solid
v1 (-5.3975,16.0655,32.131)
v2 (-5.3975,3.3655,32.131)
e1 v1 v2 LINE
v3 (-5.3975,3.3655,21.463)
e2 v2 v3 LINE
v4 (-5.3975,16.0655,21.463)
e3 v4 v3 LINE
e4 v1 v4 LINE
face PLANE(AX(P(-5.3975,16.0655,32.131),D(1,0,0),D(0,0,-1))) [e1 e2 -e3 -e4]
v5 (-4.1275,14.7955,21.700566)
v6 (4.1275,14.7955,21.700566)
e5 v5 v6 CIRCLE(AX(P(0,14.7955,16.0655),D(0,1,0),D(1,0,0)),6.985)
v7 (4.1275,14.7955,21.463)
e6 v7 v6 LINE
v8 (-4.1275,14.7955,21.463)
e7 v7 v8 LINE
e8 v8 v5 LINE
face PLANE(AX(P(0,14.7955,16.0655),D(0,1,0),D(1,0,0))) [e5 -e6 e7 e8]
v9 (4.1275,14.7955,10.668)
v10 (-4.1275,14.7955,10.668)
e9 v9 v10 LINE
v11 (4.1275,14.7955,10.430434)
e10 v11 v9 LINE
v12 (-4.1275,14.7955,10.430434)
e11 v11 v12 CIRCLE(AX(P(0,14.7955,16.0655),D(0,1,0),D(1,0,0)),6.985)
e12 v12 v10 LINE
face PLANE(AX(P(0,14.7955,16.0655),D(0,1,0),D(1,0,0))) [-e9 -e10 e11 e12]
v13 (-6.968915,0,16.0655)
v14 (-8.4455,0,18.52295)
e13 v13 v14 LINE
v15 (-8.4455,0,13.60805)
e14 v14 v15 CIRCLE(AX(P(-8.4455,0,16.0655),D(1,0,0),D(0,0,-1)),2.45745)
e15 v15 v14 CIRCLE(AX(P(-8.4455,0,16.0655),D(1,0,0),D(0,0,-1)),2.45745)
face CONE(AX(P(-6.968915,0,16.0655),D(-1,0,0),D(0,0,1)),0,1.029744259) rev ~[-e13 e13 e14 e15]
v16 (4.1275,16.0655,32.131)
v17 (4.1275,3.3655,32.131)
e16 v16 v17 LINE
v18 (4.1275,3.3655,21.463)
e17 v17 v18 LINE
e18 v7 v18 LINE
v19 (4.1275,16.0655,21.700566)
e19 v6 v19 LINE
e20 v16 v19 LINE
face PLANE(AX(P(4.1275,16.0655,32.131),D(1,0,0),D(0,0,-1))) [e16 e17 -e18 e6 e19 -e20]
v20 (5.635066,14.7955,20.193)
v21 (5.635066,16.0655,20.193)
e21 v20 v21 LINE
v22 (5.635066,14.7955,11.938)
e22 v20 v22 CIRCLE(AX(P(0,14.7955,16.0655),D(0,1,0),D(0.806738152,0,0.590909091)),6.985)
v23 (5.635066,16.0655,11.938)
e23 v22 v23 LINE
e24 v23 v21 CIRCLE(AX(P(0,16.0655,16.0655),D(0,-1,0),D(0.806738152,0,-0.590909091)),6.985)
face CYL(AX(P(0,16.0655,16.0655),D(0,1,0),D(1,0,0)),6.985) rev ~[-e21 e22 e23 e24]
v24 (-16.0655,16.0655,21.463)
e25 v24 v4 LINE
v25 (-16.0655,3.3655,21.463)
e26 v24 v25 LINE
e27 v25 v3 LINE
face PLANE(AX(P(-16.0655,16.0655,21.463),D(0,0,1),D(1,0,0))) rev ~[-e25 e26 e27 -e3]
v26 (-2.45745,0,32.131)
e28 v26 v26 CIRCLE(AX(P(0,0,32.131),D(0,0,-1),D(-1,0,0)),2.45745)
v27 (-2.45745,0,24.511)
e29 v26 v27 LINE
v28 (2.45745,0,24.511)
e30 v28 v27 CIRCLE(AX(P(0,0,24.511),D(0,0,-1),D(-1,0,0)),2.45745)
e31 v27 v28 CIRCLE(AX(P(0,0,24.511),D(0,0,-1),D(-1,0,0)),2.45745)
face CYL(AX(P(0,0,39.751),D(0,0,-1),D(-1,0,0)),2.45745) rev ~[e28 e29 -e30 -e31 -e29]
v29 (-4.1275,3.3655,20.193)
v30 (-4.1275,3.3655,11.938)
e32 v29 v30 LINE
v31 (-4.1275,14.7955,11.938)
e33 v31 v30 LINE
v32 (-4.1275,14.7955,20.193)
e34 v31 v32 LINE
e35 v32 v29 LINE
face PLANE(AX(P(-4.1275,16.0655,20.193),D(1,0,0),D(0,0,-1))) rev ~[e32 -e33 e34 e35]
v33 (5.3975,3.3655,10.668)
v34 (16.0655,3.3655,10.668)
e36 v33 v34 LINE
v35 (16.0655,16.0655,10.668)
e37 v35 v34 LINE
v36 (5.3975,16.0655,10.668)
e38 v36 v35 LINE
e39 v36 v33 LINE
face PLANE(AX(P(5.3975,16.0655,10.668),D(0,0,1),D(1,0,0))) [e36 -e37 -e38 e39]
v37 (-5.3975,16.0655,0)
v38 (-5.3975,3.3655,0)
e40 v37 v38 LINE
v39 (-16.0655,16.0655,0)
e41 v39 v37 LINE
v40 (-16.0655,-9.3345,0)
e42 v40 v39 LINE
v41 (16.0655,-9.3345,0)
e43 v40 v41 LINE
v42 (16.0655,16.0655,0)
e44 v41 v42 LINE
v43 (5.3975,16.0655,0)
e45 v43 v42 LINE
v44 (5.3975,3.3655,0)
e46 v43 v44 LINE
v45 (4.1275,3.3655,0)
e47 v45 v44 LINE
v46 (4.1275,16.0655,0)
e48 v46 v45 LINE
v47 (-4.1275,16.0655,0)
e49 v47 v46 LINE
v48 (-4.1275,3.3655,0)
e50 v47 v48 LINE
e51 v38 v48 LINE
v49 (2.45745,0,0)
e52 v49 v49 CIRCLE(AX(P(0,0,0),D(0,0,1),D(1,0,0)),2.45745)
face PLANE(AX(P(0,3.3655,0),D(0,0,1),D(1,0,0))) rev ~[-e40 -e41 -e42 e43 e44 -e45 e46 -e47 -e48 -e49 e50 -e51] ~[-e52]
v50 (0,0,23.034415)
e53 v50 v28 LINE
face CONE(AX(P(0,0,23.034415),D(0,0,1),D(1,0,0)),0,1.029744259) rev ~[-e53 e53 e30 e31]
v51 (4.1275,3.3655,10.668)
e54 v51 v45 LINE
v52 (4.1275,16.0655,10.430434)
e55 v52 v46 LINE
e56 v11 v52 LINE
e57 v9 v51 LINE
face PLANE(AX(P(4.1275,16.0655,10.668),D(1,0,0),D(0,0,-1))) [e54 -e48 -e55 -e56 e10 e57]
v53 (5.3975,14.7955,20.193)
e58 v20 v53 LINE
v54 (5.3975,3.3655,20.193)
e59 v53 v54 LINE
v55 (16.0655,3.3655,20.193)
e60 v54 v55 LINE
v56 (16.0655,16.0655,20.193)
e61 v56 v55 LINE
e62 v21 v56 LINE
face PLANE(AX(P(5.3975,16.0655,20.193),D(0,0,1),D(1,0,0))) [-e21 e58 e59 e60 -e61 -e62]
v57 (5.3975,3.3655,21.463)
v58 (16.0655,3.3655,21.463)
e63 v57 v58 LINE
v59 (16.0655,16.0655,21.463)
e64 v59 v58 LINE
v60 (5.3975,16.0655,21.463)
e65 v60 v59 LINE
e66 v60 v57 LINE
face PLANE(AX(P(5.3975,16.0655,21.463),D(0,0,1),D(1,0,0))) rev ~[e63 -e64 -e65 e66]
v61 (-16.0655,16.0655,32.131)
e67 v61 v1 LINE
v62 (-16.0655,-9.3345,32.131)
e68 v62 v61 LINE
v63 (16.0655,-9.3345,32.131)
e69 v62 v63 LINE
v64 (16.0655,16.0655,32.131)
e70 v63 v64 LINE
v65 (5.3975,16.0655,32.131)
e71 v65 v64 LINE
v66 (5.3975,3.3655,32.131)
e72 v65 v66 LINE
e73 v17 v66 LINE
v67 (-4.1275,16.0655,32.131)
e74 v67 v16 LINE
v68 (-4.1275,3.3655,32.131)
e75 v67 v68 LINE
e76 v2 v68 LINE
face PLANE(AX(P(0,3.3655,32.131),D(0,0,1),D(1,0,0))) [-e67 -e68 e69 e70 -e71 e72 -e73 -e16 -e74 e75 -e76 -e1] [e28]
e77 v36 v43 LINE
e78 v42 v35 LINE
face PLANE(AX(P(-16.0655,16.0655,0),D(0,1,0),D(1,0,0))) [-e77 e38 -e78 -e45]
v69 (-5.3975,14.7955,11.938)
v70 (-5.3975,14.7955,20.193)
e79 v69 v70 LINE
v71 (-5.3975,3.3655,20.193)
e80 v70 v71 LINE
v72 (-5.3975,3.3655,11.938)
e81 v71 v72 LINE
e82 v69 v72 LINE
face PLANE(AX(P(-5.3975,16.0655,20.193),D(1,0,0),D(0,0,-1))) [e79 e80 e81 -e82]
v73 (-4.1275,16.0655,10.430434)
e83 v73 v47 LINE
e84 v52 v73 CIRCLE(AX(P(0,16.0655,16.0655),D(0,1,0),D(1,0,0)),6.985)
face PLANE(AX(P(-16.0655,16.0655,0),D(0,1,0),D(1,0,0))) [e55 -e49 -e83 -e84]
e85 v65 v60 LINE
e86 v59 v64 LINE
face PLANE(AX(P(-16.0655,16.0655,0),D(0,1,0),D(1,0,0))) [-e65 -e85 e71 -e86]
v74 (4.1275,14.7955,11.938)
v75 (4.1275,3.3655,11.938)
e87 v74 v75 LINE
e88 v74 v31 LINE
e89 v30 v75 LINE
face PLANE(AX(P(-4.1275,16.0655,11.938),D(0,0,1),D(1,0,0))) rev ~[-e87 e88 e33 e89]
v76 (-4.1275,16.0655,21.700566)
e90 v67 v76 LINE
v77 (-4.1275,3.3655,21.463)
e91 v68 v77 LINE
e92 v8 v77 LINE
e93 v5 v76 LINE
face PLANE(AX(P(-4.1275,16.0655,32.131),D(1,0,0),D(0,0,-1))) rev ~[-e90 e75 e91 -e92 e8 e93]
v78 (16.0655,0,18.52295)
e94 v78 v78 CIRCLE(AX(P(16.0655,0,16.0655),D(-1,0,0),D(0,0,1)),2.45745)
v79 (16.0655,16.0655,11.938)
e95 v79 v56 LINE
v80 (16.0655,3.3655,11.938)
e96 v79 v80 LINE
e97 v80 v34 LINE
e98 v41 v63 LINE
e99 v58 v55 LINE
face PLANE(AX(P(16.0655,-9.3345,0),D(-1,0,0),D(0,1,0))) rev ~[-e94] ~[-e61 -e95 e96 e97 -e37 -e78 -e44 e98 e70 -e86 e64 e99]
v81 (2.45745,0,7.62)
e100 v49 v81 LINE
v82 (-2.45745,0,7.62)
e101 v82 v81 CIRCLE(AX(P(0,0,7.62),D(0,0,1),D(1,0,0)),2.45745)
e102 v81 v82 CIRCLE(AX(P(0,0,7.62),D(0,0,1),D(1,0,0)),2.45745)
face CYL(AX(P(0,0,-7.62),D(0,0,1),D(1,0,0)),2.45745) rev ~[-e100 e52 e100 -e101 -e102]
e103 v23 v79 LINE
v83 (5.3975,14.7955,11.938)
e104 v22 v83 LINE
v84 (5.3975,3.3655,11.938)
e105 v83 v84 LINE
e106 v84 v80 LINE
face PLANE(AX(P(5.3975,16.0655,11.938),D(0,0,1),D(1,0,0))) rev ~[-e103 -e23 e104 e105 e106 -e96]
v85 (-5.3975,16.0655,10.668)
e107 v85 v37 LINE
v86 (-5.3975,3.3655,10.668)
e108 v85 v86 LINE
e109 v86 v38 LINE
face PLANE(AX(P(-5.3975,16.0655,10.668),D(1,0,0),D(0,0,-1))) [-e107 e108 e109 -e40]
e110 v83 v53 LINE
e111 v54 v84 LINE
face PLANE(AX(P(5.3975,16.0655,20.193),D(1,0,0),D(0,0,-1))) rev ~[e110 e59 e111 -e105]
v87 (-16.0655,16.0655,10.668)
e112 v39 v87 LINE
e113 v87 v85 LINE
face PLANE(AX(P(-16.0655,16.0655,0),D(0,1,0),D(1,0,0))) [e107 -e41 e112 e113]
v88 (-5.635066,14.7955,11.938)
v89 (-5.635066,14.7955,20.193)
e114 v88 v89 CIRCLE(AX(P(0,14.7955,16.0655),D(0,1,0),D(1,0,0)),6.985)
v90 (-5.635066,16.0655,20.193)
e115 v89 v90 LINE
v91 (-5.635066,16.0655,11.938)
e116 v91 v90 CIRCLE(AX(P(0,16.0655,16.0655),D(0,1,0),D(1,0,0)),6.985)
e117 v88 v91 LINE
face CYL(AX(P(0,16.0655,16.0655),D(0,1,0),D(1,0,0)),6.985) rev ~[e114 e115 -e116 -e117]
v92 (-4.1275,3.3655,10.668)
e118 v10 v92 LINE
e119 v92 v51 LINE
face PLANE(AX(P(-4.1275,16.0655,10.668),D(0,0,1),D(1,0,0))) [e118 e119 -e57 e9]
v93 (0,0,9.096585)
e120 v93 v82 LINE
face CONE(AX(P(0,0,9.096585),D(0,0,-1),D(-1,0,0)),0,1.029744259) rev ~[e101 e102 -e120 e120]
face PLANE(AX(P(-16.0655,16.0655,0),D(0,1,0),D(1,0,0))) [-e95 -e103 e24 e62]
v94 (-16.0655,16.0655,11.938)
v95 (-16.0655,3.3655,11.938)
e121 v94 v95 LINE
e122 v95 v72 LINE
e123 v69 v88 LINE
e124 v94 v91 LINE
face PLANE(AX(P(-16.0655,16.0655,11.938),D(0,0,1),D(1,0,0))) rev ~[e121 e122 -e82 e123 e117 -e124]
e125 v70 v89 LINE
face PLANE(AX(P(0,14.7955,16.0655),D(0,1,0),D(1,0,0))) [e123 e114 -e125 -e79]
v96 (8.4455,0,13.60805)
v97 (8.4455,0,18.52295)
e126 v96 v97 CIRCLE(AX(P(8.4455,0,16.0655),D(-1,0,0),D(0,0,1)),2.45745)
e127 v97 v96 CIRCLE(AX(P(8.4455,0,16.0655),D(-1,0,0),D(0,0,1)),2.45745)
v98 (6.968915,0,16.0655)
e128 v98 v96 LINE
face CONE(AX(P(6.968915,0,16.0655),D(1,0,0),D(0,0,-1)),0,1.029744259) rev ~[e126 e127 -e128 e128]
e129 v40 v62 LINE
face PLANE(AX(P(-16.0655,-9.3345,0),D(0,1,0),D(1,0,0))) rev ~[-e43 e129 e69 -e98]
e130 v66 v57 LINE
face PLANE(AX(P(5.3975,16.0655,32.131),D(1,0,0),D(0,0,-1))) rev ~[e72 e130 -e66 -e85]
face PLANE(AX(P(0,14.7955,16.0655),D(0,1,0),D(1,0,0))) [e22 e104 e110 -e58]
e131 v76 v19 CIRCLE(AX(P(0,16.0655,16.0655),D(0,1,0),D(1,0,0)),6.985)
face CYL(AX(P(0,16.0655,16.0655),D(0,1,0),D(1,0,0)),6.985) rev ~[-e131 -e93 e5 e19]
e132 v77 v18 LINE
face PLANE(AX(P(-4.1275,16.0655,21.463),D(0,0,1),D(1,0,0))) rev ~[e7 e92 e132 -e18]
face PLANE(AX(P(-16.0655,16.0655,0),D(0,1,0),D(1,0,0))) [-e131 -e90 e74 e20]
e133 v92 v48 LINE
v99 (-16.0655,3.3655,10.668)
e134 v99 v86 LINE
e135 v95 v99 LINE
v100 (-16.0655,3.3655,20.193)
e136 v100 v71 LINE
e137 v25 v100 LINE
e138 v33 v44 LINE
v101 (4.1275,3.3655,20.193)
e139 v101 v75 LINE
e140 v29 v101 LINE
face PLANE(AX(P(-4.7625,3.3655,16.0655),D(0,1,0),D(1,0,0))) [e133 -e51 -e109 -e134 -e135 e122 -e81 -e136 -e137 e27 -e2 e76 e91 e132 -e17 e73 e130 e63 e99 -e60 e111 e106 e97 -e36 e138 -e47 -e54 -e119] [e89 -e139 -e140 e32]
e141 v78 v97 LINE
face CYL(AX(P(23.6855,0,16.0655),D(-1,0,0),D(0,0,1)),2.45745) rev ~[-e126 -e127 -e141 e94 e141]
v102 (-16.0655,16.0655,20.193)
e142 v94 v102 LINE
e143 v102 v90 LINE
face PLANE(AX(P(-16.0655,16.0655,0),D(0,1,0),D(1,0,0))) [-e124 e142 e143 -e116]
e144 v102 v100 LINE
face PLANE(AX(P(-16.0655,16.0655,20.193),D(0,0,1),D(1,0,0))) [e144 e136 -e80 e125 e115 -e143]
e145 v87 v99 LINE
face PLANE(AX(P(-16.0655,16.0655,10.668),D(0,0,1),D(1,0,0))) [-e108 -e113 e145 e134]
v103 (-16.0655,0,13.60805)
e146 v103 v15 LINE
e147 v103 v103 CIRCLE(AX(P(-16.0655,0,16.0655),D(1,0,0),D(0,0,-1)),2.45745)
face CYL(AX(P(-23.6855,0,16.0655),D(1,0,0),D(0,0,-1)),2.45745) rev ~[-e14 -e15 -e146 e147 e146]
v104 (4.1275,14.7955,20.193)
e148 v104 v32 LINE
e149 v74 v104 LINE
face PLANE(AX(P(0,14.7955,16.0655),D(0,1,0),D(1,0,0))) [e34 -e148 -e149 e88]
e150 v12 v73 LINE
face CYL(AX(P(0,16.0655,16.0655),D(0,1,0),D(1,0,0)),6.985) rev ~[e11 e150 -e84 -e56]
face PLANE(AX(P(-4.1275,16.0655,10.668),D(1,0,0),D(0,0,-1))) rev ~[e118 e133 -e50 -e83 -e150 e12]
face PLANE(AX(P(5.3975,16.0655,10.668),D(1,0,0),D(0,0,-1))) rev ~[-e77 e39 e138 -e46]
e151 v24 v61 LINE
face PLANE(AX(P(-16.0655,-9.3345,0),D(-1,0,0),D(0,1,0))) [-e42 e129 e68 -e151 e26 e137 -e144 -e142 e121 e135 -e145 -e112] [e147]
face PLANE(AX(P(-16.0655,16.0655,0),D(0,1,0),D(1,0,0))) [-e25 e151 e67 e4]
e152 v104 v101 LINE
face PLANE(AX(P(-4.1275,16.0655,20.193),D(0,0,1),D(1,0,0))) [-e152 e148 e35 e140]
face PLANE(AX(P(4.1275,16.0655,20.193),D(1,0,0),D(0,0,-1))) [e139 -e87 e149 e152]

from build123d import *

# Parameters (mm, degrees)
SKETCH1_W                        = 32.131
SKETCH1_H                        = 25.4
BOSS_EXTRUDE1_DEPTH              = 32.131
SKETCH2_W                        = 1.27
SKETCH2_H                        = 32.131
SKETCH2_W_2                      = 32.131
SKETCH2_H_2                      = 1.27
CUT_EXTRUDE1_DEPTH               = 12.7
SKETCH3_R                        = 6.985
CUT_EXTRUDE2_DEPTH               = 1.27
F_10_0_1935_DIAMETER_HOLE6_D     = 4.9149
F_10_0_1935_DIAMETER_HOLE6_DEPTH = 7.62
F_10_0_1935_DIAMETER_HOLE6_TIP   = 1.476584928
F_10_0_1935_DIAMETER_HOLE7_D     = 4.9149
F_10_0_1935_DIAMETER_HOLE7_DEPTH = 7.62
F_10_0_1935_DIAMETER_HOLE7_TIP   = 1.476584928
F_10_0_1935_DIAMETER_HOLE8_D     = 4.9149
F_10_0_1935_DIAMETER_HOLE8_DEPTH = 7.62
F_10_0_1935_DIAMETER_HOLE8_TIP   = 1.476584928
F_10_0_1935_DIAMETER_HOLE9_D     = 4.9149
F_10_0_1935_DIAMETER_HOLE9_DEPTH = 7.62
F_10_0_1935_DIAMETER_HOLE9_TIP   = 1.476584928


with BuildPart() as part:
    # Sketch1 → Boss-Extrude1 (new body)
    with BuildSketch(Plane.XY):
        with Locations((0, 3.3655)):
            Rectangle(SKETCH1_W, SKETCH1_H)
    extrude(amount=BOSS_EXTRUDE1_DEPTH)

    # Sketch2 → Cut-Extrude1 (cut)
    with BuildSketch(Plane(origin=(0, 16.0655, 0), x_dir=(1, 0, 0), z_dir=(0, 1, 0))):
        with Locations((-4.7625, -16.0655)):
            Rectangle(SKETCH2_W, SKETCH2_H)
        with Locations((4.7625, -16.0655)):
            Rectangle(SKETCH2_W, SKETCH2_H)
        with Locations((0, -11.303)):
            Rectangle(SKETCH2_W_2, SKETCH2_H_2)
        with Locations((0, -20.828)):
            Rectangle(SKETCH2_W_2, SKETCH2_H_2)
    extrude(amount=-CUT_EXTRUDE1_DEPTH, mode=Mode.SUBTRACT)

    # Sketch3 → Cut-Extrude2 (cut)
    with BuildSketch(Plane(origin=(0, 16.0655, 0), x_dir=(1, 0, 0), z_dir=(0, 1, 0))):
        with Locations((0, -16.0655)):
            Circle(SKETCH3_R)
    extrude(amount=-CUT_EXTRUDE2_DEPTH, mode=Mode.SUBTRACT)

    # #10 (0.1935) Diameter Hole6
    with Locations(Plane.XY.offset(32.131)):
        with Locations((0, 0)):
            Hole(F_10_0_1935_DIAMETER_HOLE6_D / 2, depth=F_10_0_1935_DIAMETER_HOLE6_DEPTH)
            with Locations((0, 0, -(F_10_0_1935_DIAMETER_HOLE6_DEPTH + F_10_0_1935_DIAMETER_HOLE6_TIP / 2))):  # 118° drill point
                Cone(0, F_10_0_1935_DIAMETER_HOLE6_D / 2, F_10_0_1935_DIAMETER_HOLE6_TIP, mode=Mode.SUBTRACT)

    # #10 (0.1935) Diameter Hole7
    with Locations(Plane(origin=(0, 0, 0), x_dir=(-1, 0, 0), z_dir=(0, 0, -1))):
        with Locations((0, 0)):
            Hole(F_10_0_1935_DIAMETER_HOLE7_D / 2, depth=F_10_0_1935_DIAMETER_HOLE7_DEPTH)
            with Locations((0, 0, -(F_10_0_1935_DIAMETER_HOLE7_DEPTH + F_10_0_1935_DIAMETER_HOLE7_TIP / 2))):  # 118° drill point
                Cone(0, F_10_0_1935_DIAMETER_HOLE7_D / 2, F_10_0_1935_DIAMETER_HOLE7_TIP, mode=Mode.SUBTRACT)

    # #10 (0.1935) Diameter Hole8
    with Locations(Plane(origin=(16.0655, 0, 0), x_dir=(0, 0, -1), z_dir=(1, 0, 0))):
        with Locations((-16.0655, 0)):
            Hole(F_10_0_1935_DIAMETER_HOLE8_D / 2, depth=F_10_0_1935_DIAMETER_HOLE8_DEPTH)
            with Locations((0, 0, -(F_10_0_1935_DIAMETER_HOLE8_DEPTH + F_10_0_1935_DIAMETER_HOLE8_TIP / 2))):  # 118° drill point
                Cone(0, F_10_0_1935_DIAMETER_HOLE8_D / 2, F_10_0_1935_DIAMETER_HOLE8_TIP, mode=Mode.SUBTRACT)

    # #10 (0.1935) Diameter Hole9
    with Locations(Plane.ZY.offset(16.0655)):
        with Locations((16.0655, 0)):
            Hole(F_10_0_1935_DIAMETER_HOLE9_D / 2, depth=F_10_0_1935_DIAMETER_HOLE9_DEPTH)
            with Locations((0, 0, -(F_10_0_1935_DIAMETER_HOLE9_DEPTH + F_10_0_1935_DIAMETER_HOLE9_TIP / 2))):  # 118° drill point
                Cone(0, F_10_0_1935_DIAMETER_HOLE9_D / 2, F_10_0_1935_DIAMETER_HOLE9_TIP, mode=Mode.SUBTRACT)


solid = part.part
